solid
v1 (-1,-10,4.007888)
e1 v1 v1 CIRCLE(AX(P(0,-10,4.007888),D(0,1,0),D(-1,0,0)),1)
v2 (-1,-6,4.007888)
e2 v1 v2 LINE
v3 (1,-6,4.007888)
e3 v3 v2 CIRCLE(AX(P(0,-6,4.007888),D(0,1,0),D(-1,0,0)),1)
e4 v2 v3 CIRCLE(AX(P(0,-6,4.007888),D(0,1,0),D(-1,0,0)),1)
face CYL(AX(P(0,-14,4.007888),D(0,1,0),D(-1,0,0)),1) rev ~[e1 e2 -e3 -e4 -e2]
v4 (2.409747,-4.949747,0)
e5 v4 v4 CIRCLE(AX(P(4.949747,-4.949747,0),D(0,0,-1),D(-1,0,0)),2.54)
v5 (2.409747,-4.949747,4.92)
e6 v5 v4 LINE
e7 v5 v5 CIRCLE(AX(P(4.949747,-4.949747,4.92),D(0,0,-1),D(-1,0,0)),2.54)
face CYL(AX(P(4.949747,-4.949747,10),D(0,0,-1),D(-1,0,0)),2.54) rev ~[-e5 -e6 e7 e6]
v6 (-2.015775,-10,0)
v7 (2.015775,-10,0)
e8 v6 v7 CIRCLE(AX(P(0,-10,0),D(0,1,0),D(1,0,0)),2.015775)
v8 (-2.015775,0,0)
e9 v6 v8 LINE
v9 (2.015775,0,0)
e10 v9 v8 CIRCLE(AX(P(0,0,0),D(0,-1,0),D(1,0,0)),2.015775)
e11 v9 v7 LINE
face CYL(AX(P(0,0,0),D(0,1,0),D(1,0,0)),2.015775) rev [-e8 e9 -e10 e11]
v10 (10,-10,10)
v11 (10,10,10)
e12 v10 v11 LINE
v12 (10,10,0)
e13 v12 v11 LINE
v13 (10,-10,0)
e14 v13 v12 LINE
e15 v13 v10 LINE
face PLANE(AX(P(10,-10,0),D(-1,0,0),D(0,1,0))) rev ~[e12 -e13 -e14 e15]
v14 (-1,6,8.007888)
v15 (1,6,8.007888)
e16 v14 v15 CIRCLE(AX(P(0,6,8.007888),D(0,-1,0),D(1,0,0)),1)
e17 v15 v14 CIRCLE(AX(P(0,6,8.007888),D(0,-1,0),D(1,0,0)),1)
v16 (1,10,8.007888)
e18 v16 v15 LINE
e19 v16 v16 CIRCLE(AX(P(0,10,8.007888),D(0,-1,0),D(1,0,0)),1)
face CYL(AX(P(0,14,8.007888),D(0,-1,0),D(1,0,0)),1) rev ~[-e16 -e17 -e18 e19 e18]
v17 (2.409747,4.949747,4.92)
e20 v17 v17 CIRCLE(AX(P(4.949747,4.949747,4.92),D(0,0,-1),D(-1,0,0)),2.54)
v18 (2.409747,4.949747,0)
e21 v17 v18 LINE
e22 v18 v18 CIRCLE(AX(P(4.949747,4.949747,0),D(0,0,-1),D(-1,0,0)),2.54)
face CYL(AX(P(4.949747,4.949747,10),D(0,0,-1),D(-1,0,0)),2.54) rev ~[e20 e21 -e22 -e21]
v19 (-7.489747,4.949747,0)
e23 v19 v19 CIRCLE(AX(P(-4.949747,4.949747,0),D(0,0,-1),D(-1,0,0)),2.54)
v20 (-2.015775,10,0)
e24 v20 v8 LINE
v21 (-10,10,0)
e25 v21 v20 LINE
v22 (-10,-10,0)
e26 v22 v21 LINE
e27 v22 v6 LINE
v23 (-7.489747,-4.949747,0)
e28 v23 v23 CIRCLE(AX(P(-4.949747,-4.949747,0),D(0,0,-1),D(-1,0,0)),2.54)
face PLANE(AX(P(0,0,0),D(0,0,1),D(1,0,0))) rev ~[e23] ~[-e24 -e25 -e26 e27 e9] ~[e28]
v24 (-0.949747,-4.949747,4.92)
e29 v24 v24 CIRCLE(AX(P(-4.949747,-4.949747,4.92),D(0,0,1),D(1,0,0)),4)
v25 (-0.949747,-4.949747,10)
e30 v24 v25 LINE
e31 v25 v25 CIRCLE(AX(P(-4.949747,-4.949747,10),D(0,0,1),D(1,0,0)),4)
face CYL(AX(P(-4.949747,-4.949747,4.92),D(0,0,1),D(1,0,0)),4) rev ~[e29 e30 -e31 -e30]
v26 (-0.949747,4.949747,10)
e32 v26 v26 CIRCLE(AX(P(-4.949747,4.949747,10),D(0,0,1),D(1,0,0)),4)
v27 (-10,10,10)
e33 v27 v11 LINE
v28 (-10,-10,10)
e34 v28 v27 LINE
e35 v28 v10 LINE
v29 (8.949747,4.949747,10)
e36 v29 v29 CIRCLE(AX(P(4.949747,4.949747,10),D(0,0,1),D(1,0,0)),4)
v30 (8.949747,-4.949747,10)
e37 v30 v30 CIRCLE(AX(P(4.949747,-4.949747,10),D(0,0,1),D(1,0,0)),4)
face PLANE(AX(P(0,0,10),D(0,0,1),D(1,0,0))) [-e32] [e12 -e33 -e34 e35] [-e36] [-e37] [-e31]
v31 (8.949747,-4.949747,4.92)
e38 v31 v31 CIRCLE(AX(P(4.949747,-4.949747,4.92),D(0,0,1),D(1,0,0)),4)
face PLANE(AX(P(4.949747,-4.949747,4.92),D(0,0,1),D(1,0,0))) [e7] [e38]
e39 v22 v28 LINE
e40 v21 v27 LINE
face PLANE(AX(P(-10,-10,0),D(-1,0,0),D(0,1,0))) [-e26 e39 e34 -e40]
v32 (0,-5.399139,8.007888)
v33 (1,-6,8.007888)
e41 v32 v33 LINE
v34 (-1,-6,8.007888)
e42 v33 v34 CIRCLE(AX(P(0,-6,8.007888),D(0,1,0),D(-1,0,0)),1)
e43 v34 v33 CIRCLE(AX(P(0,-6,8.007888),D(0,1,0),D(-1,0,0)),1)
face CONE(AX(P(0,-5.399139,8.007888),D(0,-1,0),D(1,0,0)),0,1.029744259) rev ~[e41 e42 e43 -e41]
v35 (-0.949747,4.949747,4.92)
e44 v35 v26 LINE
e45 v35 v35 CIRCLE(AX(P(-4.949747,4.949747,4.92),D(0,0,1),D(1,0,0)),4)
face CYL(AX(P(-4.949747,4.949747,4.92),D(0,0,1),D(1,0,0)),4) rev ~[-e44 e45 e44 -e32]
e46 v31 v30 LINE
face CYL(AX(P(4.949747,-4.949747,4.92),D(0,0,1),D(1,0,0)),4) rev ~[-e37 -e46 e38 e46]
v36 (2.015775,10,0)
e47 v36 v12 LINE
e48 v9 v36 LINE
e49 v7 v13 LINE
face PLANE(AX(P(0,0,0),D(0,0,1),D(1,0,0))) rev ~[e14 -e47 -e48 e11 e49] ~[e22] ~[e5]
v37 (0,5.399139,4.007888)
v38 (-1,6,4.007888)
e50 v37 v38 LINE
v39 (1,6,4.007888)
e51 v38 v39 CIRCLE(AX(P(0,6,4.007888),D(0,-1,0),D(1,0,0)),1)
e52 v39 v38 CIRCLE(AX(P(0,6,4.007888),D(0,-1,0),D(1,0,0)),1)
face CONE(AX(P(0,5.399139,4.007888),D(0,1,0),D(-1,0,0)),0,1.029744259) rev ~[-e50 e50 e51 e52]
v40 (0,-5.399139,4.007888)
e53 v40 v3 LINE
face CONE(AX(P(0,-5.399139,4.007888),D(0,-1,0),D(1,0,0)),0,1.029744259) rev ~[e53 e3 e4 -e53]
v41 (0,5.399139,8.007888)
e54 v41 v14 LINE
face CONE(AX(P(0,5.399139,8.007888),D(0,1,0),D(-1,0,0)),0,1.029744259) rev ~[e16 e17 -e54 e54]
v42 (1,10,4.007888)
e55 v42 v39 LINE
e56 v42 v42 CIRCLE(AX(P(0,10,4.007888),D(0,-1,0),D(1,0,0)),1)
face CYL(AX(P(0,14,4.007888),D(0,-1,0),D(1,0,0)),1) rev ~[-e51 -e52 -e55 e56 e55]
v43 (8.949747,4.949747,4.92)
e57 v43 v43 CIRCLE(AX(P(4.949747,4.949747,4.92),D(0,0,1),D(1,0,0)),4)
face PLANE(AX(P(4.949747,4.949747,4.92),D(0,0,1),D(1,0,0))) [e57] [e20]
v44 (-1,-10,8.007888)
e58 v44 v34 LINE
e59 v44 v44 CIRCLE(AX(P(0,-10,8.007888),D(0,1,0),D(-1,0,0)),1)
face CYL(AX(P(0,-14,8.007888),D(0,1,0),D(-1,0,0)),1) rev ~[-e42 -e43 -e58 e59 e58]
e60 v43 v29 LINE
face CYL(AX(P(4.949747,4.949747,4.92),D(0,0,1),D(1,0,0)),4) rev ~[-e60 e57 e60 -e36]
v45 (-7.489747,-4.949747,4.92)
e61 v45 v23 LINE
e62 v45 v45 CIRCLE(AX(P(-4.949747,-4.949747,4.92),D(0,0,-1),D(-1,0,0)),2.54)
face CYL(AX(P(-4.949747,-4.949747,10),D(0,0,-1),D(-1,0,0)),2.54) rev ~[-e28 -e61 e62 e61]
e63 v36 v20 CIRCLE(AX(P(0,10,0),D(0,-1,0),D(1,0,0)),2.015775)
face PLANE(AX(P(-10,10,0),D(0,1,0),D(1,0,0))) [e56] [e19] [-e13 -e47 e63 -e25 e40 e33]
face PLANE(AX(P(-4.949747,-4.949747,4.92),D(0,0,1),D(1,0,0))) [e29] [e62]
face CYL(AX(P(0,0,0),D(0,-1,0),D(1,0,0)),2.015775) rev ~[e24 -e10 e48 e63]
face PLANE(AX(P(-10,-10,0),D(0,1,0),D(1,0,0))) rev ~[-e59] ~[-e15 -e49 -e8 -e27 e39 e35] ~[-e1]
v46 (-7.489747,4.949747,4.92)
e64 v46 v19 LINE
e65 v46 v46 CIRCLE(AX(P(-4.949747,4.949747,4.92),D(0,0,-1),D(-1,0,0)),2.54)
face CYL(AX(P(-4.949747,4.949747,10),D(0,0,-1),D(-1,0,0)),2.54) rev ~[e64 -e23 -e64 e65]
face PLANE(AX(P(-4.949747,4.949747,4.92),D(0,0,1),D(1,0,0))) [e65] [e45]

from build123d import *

# Parameters (mm, degrees)
F0_W           = 20
F0_H           = 20
F1_DEPTH       = 10
F2_R           = 2.0157754343
F3_DEPTH       = 25
F3_DEPTH_BACK  = 25
F5_D           = 5.08
F5_CBORE_D     = 8
F5_CBORE_DEPTH = 5.08
F7_D           = 2
F7_DEPTH       = 4
F7_TIP         = 0.600860619
F9_D           = 2
F9_DEPTH       = 4
F9_TIP         = 0.600860619


with BuildPart() as f1:
    # F0 (on Top) → F1 (new body)
    with BuildSketch(Plane.XY):
        Rectangle(F0_W, F0_H)
    extrude(amount=F1_DEPTH)

    # F2 (on Front) → F3 (cut, two sides)
    with BuildSketch(Plane.XZ) as f3_sk:
        Circle(F2_R)
    extrude(amount=F3_DEPTH, mode=Mode.SUBTRACT)
    extrude(f3_sk.sketch, amount=-F3_DEPTH_BACK, mode=Mode.SUBTRACT)

    # F5 (through all)
    with Locations(Plane.XY.offset(10)):
        with Locations((-4.9497474683, 4.9497474683), (-4.9497474683, -4.9497474683), (4.9497474683, -4.9497474683), (4.9497474683, 4.9497474683)):
            CounterBoreHole(F5_D / 2, F5_CBORE_D / 2, F5_CBORE_DEPTH)

    # F7
    with Locations(Plane.XZ.offset(10)):
        with Locations((0, 8.0078877172), (0, 4.0078877172)):
            Hole(F7_D / 2, depth=F7_DEPTH)
            with Locations((0, 0, -(F7_DEPTH + F7_TIP / 2))):  # 118° drill point
                Cone(0, F7_D / 2, F7_TIP, mode=Mode.SUBTRACT)

    # F9
    with Locations(Plane(origin=(0, 10, 0), x_dir=(-1, 0, 0), z_dir=(0, 1, 0))):
        with Locations((0, 4.0078877172), (0, 8.0078877172)):
            Hole(F9_D / 2, depth=F9_DEPTH)
            with Locations((0, 0, -(F9_DEPTH + F9_TIP / 2))):  # 118° drill point
                Cone(0, F9_D / 2, F9_TIP, mode=Mode.SUBTRACT)


solid = f1.part
